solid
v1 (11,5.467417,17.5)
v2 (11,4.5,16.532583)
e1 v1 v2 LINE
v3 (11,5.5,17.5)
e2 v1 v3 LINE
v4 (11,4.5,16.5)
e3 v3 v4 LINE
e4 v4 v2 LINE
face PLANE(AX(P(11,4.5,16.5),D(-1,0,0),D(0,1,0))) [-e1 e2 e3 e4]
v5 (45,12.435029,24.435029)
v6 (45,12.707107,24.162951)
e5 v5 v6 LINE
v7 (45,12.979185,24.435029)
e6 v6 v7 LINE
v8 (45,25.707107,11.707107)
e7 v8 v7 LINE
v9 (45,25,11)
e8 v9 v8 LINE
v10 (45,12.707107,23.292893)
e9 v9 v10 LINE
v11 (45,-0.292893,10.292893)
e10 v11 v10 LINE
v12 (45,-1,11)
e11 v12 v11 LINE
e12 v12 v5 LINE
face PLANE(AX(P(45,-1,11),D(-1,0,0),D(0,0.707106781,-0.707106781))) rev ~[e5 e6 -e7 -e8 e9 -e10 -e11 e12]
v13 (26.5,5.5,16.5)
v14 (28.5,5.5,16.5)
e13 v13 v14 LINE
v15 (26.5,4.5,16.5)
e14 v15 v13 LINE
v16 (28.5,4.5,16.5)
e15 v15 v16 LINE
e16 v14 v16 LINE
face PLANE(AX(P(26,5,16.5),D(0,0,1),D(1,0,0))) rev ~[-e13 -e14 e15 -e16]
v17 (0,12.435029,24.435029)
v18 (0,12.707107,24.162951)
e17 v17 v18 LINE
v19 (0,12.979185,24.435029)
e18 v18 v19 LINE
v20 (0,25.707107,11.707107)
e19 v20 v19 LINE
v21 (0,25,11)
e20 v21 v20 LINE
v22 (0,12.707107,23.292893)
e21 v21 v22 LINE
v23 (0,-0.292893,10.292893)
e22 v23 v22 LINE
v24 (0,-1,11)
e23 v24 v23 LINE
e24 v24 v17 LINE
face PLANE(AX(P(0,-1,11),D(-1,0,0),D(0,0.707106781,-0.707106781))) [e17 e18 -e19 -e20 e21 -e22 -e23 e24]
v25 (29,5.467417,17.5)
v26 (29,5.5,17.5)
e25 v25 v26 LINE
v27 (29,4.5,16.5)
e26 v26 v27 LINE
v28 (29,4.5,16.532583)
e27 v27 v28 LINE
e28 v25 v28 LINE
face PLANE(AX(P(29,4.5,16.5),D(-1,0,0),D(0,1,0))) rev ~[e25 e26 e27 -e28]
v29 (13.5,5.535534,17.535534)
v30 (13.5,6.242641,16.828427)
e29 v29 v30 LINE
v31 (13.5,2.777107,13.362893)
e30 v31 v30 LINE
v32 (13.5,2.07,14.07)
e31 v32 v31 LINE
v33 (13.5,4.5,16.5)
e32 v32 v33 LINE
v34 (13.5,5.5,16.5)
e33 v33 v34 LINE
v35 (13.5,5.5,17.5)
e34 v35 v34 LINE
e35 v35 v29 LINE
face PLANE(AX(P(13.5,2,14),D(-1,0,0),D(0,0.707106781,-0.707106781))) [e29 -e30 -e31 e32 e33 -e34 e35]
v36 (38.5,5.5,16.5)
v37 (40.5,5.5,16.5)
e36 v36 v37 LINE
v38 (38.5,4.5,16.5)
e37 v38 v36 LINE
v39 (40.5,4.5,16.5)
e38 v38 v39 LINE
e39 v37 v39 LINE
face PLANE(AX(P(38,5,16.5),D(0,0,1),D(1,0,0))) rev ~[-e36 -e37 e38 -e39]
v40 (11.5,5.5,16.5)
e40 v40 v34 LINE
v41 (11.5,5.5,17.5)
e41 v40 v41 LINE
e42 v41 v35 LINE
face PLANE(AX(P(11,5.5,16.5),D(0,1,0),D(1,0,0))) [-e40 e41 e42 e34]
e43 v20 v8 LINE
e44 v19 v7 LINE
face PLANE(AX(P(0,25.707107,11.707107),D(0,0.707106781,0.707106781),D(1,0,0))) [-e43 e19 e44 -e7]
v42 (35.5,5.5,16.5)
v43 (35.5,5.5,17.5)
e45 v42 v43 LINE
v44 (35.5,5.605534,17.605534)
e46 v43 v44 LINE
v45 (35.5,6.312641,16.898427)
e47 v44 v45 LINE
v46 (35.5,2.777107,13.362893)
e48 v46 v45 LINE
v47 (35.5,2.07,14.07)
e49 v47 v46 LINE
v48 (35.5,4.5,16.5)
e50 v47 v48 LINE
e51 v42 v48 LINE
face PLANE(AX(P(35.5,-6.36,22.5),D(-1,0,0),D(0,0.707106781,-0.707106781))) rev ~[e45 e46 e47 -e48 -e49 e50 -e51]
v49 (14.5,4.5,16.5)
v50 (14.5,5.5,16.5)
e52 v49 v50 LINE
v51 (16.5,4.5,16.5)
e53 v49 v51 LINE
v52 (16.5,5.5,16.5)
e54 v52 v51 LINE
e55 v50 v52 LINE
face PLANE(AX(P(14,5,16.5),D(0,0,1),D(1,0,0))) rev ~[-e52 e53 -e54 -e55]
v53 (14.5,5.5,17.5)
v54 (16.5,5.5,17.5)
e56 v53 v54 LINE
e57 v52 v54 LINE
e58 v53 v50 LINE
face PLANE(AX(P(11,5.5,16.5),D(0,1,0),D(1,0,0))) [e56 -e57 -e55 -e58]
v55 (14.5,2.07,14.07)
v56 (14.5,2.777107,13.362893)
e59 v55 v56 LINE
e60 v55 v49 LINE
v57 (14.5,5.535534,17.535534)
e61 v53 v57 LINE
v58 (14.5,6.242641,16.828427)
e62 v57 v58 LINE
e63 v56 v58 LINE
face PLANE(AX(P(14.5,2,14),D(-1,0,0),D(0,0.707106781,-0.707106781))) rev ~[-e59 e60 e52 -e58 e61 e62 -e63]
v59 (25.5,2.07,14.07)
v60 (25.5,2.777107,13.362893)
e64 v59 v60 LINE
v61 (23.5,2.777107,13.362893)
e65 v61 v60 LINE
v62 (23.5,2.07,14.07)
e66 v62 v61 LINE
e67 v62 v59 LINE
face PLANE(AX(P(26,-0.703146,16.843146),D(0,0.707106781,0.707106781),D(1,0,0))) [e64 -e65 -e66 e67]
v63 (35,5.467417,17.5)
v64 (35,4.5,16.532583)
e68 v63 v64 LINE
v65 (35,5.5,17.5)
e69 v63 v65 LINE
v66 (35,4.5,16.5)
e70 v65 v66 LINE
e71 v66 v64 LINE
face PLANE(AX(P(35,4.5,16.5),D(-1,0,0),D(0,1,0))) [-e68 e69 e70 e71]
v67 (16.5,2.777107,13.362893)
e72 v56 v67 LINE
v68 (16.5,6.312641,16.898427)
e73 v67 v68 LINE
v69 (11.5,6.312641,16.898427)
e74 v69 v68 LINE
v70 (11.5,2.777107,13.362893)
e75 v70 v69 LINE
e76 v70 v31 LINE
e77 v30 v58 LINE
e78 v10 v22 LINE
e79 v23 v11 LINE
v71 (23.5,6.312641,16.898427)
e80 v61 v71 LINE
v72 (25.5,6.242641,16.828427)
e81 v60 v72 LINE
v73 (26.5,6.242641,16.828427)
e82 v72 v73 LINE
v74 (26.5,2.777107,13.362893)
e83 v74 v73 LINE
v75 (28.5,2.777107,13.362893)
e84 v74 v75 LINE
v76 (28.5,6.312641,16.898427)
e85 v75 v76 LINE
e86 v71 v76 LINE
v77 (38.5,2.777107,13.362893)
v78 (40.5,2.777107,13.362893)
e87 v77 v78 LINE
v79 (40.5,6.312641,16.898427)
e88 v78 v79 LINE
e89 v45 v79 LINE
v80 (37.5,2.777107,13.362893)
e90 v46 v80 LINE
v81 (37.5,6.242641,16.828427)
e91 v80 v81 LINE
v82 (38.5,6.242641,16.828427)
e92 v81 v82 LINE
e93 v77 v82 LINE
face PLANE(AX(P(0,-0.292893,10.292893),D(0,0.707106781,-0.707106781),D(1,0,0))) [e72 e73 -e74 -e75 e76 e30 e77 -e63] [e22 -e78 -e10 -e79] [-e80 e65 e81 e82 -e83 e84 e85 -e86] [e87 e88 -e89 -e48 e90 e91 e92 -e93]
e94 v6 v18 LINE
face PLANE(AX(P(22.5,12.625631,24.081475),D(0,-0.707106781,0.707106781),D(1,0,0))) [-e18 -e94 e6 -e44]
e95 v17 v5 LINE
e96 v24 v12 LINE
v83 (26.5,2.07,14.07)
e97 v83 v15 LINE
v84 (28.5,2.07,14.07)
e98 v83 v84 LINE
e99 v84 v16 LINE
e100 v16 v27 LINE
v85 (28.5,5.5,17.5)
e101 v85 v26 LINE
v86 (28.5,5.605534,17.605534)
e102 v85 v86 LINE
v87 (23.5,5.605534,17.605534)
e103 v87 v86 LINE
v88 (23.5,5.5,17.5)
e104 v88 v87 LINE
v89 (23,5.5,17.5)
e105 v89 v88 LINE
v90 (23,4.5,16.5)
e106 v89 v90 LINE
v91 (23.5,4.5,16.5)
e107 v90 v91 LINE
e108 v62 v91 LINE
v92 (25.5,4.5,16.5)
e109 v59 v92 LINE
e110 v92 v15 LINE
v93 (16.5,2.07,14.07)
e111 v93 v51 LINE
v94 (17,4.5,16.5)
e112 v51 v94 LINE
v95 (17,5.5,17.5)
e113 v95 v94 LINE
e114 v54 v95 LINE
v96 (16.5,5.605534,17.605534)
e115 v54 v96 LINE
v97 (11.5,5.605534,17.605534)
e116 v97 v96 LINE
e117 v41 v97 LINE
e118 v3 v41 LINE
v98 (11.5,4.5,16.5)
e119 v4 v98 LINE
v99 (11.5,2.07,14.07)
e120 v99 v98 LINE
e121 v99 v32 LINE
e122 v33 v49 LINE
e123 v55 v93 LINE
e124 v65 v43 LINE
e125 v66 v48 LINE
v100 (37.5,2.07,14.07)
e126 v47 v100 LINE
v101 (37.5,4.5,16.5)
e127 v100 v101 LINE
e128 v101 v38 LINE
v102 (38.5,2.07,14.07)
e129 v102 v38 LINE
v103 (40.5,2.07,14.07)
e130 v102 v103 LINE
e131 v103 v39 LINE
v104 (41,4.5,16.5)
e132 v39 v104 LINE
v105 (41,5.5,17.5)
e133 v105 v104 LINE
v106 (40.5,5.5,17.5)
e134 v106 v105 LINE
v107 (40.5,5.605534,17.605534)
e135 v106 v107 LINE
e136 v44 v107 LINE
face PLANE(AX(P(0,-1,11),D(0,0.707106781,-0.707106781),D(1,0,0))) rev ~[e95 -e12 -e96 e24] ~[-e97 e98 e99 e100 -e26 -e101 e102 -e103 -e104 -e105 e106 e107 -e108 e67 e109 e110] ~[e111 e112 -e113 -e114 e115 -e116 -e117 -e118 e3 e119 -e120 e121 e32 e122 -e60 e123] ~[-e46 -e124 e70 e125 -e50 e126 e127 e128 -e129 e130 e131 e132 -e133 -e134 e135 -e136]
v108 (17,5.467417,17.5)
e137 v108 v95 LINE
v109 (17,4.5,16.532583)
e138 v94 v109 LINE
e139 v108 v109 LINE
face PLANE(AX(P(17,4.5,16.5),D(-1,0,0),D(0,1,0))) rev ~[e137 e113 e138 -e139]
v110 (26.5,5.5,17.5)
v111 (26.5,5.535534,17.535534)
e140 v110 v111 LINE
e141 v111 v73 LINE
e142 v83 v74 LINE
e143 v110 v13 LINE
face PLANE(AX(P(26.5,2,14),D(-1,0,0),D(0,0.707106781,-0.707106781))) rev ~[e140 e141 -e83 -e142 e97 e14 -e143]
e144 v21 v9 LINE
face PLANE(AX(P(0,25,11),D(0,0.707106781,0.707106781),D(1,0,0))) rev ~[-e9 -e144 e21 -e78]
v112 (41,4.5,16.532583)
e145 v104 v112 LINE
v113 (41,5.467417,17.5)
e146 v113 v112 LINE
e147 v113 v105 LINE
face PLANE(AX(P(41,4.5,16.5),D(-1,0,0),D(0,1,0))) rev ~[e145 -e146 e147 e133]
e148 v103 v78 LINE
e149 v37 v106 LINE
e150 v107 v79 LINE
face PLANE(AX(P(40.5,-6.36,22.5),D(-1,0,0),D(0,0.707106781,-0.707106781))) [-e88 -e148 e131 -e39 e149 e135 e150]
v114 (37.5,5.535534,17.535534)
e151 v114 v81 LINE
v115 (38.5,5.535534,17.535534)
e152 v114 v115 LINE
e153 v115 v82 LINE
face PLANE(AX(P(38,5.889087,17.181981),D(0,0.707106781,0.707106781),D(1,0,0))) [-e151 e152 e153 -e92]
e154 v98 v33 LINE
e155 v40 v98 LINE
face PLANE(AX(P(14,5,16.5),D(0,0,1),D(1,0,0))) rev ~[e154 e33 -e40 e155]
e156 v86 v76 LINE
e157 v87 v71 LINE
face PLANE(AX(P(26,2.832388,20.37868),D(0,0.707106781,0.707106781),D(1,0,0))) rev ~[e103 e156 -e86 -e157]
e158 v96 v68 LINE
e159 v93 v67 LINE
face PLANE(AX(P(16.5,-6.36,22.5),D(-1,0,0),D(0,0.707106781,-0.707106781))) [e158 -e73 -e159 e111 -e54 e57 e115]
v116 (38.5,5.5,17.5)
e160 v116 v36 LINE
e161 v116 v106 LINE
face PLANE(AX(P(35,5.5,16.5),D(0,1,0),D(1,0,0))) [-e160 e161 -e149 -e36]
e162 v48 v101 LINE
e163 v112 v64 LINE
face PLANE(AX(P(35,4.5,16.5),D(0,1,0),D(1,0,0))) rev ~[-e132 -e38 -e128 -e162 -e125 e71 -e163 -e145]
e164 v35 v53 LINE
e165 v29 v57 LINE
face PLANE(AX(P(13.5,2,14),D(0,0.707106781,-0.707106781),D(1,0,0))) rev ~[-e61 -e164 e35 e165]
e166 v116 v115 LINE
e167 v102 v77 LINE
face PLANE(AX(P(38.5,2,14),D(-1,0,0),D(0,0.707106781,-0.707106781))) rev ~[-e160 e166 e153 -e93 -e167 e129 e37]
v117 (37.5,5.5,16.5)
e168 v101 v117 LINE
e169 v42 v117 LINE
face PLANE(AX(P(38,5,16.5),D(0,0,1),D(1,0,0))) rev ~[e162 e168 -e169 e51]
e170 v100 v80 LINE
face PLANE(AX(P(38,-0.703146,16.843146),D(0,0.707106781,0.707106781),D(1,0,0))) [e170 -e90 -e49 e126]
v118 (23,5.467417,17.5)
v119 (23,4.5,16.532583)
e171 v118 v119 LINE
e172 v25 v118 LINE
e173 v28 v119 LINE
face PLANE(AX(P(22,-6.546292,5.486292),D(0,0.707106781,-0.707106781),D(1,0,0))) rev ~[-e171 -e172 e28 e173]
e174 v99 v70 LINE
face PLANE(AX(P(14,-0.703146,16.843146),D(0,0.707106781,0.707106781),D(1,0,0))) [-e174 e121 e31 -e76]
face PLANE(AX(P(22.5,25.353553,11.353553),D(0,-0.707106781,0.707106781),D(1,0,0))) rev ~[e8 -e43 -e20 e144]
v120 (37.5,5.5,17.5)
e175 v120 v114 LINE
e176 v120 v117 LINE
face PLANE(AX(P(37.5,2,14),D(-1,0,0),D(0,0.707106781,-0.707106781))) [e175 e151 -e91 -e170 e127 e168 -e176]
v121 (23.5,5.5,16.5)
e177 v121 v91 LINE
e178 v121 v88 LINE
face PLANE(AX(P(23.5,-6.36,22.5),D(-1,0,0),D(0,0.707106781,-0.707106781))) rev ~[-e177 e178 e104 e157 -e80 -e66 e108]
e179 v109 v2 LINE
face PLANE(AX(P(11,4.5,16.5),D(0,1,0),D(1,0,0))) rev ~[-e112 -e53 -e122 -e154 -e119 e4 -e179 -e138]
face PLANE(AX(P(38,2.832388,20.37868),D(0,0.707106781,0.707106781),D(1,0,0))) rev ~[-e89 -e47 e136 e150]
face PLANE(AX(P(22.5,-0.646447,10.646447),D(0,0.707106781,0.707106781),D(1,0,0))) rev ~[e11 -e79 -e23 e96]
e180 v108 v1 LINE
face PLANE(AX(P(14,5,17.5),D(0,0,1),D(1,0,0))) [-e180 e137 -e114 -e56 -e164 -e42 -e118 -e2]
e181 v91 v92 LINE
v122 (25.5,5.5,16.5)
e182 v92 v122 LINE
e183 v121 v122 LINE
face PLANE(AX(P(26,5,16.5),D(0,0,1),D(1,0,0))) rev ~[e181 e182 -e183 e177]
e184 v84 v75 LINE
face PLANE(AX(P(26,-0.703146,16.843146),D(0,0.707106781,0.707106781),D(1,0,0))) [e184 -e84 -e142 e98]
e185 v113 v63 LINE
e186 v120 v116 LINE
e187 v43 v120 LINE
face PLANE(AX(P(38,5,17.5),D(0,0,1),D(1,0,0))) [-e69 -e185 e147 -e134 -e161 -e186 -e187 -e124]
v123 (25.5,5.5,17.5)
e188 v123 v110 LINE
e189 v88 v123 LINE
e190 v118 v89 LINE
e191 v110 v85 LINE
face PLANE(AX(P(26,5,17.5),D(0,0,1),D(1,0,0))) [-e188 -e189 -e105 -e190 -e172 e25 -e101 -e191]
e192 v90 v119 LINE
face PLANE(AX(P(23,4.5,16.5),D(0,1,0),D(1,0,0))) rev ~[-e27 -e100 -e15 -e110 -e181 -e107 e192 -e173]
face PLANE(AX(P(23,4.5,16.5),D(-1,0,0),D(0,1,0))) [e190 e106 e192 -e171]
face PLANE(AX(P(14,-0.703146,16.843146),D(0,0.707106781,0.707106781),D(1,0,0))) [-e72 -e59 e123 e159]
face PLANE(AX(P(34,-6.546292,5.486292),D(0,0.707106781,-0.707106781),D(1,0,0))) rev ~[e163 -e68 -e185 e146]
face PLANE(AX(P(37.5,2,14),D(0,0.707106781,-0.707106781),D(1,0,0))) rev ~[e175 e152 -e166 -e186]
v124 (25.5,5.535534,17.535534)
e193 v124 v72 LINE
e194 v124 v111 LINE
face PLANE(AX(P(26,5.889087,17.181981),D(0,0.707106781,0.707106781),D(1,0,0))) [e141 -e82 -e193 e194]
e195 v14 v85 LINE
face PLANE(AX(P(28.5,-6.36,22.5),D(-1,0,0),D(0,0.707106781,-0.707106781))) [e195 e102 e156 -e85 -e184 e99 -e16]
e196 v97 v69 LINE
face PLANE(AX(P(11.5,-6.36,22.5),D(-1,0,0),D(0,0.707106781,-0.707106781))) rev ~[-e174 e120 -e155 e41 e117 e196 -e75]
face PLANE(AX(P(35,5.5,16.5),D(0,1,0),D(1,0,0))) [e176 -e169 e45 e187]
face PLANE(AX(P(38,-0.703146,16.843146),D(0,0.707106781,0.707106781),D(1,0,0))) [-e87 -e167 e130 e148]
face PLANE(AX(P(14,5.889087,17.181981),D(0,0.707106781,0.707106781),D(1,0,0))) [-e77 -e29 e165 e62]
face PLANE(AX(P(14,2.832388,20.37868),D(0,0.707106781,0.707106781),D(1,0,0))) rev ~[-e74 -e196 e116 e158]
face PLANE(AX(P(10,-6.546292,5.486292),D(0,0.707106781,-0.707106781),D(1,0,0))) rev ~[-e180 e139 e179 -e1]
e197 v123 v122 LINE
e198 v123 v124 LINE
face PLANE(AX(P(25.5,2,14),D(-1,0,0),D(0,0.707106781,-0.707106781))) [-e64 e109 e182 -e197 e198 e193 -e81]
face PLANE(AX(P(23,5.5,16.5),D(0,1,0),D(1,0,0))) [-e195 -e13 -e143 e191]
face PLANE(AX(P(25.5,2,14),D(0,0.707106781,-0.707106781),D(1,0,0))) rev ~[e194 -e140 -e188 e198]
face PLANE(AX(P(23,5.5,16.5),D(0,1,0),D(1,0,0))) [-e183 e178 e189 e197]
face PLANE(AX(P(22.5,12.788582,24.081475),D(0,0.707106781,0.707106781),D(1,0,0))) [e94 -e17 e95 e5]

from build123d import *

# Parameters (mm, degrees)
BOX139_W               = 12
BOX139_H               = 16
BOX139_DEPTH           = 23
BOX139_PLACEMENT_ANGLE = 45
BOX141_W               = 6
BOX141_H               = 1
BOX141_DEPTH           = 1
BOX140_W               = 1
BOX140_H               = 1
BOX140_DEPTH           = 5
BOX140_PLACEMENT_ANGLE = 45
BOX136_W               = 12
BOX136_H               = 16
BOX136_DEPTH           = 23
BOX136_PLACEMENT_ANGLE = 45
BOX137_W               = 6
BOX137_H               = 1
BOX137_DEPTH           = 1
BOX138_W               = 1
BOX138_H               = 1
BOX138_DEPTH           = 5
BOX138_PLACEMENT_ANGLE = 45
BOX130_W               = 5
BOX130_H               = 16
BOX130_DEPTH           = 5
BOX130_PLACEMENT_ANGLE = 45
BOX131_W               = 5
BOX131_H               = 16
BOX131_DEPTH           = 5
BOX131_PLACEMENT_ANGLE = 45
BOX129_W               = 5
BOX129_H               = 16
BOX129_DEPTH           = 5
BOX129_PLACEMENT_ANGLE = 45
BOX034_W               = 45
BOX034_H               = 1
BOX034_DEPTH           = 19
BOX034_PLACEMENT_ANGLE = 45
BOX035_W               = 45
BOX035_H               = 1
BOX035_DEPTH           = 18
BOX035_PLACEMENT_ANGLE = 45
BOX142_W               = 12
BOX142_H               = 16
BOX142_DEPTH           = 23
BOX142_PLACEMENT_ANGLE = 45
BOX144_W               = 6
BOX144_H               = 1
BOX144_DEPTH           = 1
BOX143_W               = 1
BOX143_H               = 1
BOX143_DEPTH           = 5
BOX143_PLACEMENT_ANGLE = 45


with BuildPart() as box139:
    # Box139 → Box139 (new body)
    with BuildSketch(Plane.XY):
        with Locations((6, 8)):
            Rectangle(BOX139_W, BOX139_H)
    extrude(amount=BOX139_DEPTH)


with BuildPart() as box139_1:
    # Box139 placement: moved
    add(box139.part.moved(Location((22, -11.36, 22.5))).rotate(Axis((22, -11.36, 22.5), (-1, 0, 0)), BOX139_PLACEMENT_ANGLE))


with BuildPart() as cut052:
    # Box141 → Box141 (new body)
    with BuildSketch(Plane(origin=(23, 11, 22.2), x_dir=(1, 0, 0), z_dir=(0, 0, 1))):
        with Locations((3, 0.5)):
            Rectangle(BOX141_W, BOX141_H)
    extrude(amount=BOX141_DEPTH)

    # Cut052: cut Box139
    add(box139_1.part, mode=Mode.SUBTRACT)


with BuildPart() as cut052_1:
    # Cut052 placement: moved
    add(cut052.part.moved(Location((-12, -6.5, -5.7))))


with BuildPart() as fusion068:
    # Box140 → Box140 (new body)
    with BuildSketch(Plane.XY):
        with Locations((0.5, 0.5)):
            Rectangle(BOX140_W, BOX140_H)
    extrude(amount=BOX140_DEPTH)


with BuildPart() as fusion068_1:
    # Box140 placement: moved
    add(fusion068.part.moved(Location((13.5, 2, 14))).rotate(Axis((13.5, 2, 14), (-1, 0, 0)), BOX140_PLACEMENT_ANGLE))

    # Fusion068: union Cut052
    add(cut052_1.part)


with BuildPart() as fusion068_2:
    # Fusion068 placement: moved
    add(fusion068_1.part.moved(Location((12, 0, 0))))


with BuildPart() as box136:
    # Box136 → Box136 (new body)
    with BuildSketch(Plane.XY):
        with Locations((6, 8)):
            Rectangle(BOX136_W, BOX136_H)
    extrude(amount=BOX136_DEPTH)


with BuildPart() as box136_1:
    # Box136 placement: moved
    add(box136.part.moved(Location((22, -11.36, 22.5))).rotate(Axis((22, -11.36, 22.5), (-1, 0, 0)), BOX136_PLACEMENT_ANGLE))


with BuildPart() as cut051:
    # Box137 → Box137 (new body)
    with BuildSketch(Plane(origin=(23, 11, 22.2), x_dir=(1, 0, 0), z_dir=(0, 0, 1))):
        with Locations((3, 0.5)):
            Rectangle(BOX137_W, BOX137_H)
    extrude(amount=BOX137_DEPTH)

    # Cut051: cut Box136
    add(box136_1.part, mode=Mode.SUBTRACT)


with BuildPart() as cut051_1:
    # Cut051 placement: moved
    add(cut051.part.moved(Location((-12, -6.5, -5.7))))


with BuildPart() as fusion067:
    # Box138 → Box138 (new body)
    with BuildSketch(Plane.XY):
        with Locations((0.5, 0.5)):
            Rectangle(BOX138_W, BOX138_H)
    extrude(amount=BOX138_DEPTH)


with BuildPart() as fusion067_1:
    # Box138 placement: moved
    add(fusion067.part.moved(Location((13.5, 2, 14))).rotate(Axis((13.5, 2, 14), (-1, 0, 0)), BOX138_PLACEMENT_ANGLE))

    # Fusion067: union Cut051
    add(cut051_1.part)


with BuildPart() as box130:
    # Box130 → Box130 (new body)
    with BuildSketch(Plane.XY):
        with Locations((2.5, 8)):
            Rectangle(BOX130_W, BOX130_H)
    extrude(amount=BOX130_DEPTH)


with BuildPart() as box130_1:
    # Box130 placement: moved
    add(box130.part.moved(Location((35.5, -6.36, 22.5))).rotate(Axis((35.5, -6.36, 22.5), (-1, 0, 0)), BOX130_PLACEMENT_ANGLE))


with BuildPart() as box131:
    # Box131 → Box131 (new body)
    with BuildSketch(Plane.XY):
        with Locations((2.5, 8)):
            Rectangle(BOX131_W, BOX131_H)
    extrude(amount=BOX131_DEPTH)


with BuildPart() as box131_1:
    # Box131 placement: moved
    add(box131.part.moved(Location((11.5, -6.36, 22.5))).rotate(Axis((11.5, -6.36, 22.5), (-1, 0, 0)), BOX131_PLACEMENT_ANGLE))


with BuildPart() as box129:
    # Box129 → Box129 (new body)
    with BuildSketch(Plane.XY):
        with Locations((2.5, 8)):
            Rectangle(BOX129_W, BOX129_H)
    extrude(amount=BOX129_DEPTH)


with BuildPart() as box129_1:
    # Box129 placement: moved
    add(box129.part.moved(Location((23.5, -6.36, 22.5))).rotate(Axis((23.5, -6.36, 22.5), (-1, 0, 0)), BOX129_PLACEMENT_ANGLE))


with BuildPart() as box034:
    # Box034 → Box034 (new body)
    with BuildSketch(Plane.XY):
        with Locations((22.5, 0.5)):
            Rectangle(BOX034_W, BOX034_H)
    extrude(amount=BOX034_DEPTH)


with BuildPart() as box034_1:
    # Box034 placement: moved
    add(box034.part.moved(Location((0, -1, 11))).rotate(Axis((0, -1, 11), (-1, 0, 0)), BOX034_PLACEMENT_ANGLE))


with BuildPart() as cut048:
    # Box035 → Box035 (new body)
    with BuildSketch(Plane.XY):
        with Locations((22.5, 0.5)):
            Rectangle(BOX035_W, BOX035_H)
    extrude(amount=BOX035_DEPTH)


with BuildPart() as cut048_1:
    # Box035 placement: moved
    add(cut048.part.moved(Location((0, 25, 11))).rotate(Axis((0, 25, 11), (1, 0, 0)), BOX035_PLACEMENT_ANGLE))

    # Fusion059: union Box034
    add(box034_1.part)

    # Cut046: cut Box129
    add(box129_1.part, mode=Mode.SUBTRACT)

    # Cut047: cut Box131
    add(box131_1.part, mode=Mode.SUBTRACT)

    # Cut048: cut Box130
    add(box130_1.part, mode=Mode.SUBTRACT)


with BuildPart() as box142:
    # Box142 → Box142 (new body)
    with BuildSketch(Plane.XY):
        with Locations((6, 8)):
            Rectangle(BOX142_W, BOX142_H)
    extrude(amount=BOX142_DEPTH)


with BuildPart() as box142_1:
    # Box142 placement: moved
    add(box142.part.moved(Location((22, -11.36, 22.5))).rotate(Axis((22, -11.36, 22.5), (-1, 0, 0)), BOX142_PLACEMENT_ANGLE))


with BuildPart() as cut053:
    # Box144 → Box144 (new body)
    with BuildSketch(Plane(origin=(23, 11, 22.2), x_dir=(1, 0, 0), z_dir=(0, 0, 1))):
        with Locations((3, 0.5)):
            Rectangle(BOX144_W, BOX144_H)
    extrude(amount=BOX144_DEPTH)

    # Cut053: cut Box142
    add(box142_1.part, mode=Mode.SUBTRACT)


with BuildPart() as cut053_1:
    # Cut053 placement: moved
    add(cut053.part.moved(Location((-12, -6.5, -5.7))))


with BuildPart() as fusion070:
    # Box143 → Box143 (new body)
    with BuildSketch(Plane.XY):
        with Locations((0.5, 0.5)):
            Rectangle(BOX143_W, BOX143_H)
    extrude(amount=BOX143_DEPTH)


with BuildPart() as fusion070_1:
    # Box143 placement: moved
    add(fusion070.part.moved(Location((13.5, 2, 14))).rotate(Axis((13.5, 2, 14), (-1, 0, 0)), BOX143_PLACEMENT_ANGLE))

    # Fusion069: union Cut053
    add(cut053_1.part)


with BuildPart() as fusion070_2:
    # Fusion069 placement: moved
    add(fusion070_1.part.moved(Location((24, 0, 0))))

    # Fusion070: union Fusion068, Fusion067, Cut048
    add(fusion068_2.part)
    add(fusion067_1.part)
    add(cut048_1.part)


solid = fusion070_2.part
